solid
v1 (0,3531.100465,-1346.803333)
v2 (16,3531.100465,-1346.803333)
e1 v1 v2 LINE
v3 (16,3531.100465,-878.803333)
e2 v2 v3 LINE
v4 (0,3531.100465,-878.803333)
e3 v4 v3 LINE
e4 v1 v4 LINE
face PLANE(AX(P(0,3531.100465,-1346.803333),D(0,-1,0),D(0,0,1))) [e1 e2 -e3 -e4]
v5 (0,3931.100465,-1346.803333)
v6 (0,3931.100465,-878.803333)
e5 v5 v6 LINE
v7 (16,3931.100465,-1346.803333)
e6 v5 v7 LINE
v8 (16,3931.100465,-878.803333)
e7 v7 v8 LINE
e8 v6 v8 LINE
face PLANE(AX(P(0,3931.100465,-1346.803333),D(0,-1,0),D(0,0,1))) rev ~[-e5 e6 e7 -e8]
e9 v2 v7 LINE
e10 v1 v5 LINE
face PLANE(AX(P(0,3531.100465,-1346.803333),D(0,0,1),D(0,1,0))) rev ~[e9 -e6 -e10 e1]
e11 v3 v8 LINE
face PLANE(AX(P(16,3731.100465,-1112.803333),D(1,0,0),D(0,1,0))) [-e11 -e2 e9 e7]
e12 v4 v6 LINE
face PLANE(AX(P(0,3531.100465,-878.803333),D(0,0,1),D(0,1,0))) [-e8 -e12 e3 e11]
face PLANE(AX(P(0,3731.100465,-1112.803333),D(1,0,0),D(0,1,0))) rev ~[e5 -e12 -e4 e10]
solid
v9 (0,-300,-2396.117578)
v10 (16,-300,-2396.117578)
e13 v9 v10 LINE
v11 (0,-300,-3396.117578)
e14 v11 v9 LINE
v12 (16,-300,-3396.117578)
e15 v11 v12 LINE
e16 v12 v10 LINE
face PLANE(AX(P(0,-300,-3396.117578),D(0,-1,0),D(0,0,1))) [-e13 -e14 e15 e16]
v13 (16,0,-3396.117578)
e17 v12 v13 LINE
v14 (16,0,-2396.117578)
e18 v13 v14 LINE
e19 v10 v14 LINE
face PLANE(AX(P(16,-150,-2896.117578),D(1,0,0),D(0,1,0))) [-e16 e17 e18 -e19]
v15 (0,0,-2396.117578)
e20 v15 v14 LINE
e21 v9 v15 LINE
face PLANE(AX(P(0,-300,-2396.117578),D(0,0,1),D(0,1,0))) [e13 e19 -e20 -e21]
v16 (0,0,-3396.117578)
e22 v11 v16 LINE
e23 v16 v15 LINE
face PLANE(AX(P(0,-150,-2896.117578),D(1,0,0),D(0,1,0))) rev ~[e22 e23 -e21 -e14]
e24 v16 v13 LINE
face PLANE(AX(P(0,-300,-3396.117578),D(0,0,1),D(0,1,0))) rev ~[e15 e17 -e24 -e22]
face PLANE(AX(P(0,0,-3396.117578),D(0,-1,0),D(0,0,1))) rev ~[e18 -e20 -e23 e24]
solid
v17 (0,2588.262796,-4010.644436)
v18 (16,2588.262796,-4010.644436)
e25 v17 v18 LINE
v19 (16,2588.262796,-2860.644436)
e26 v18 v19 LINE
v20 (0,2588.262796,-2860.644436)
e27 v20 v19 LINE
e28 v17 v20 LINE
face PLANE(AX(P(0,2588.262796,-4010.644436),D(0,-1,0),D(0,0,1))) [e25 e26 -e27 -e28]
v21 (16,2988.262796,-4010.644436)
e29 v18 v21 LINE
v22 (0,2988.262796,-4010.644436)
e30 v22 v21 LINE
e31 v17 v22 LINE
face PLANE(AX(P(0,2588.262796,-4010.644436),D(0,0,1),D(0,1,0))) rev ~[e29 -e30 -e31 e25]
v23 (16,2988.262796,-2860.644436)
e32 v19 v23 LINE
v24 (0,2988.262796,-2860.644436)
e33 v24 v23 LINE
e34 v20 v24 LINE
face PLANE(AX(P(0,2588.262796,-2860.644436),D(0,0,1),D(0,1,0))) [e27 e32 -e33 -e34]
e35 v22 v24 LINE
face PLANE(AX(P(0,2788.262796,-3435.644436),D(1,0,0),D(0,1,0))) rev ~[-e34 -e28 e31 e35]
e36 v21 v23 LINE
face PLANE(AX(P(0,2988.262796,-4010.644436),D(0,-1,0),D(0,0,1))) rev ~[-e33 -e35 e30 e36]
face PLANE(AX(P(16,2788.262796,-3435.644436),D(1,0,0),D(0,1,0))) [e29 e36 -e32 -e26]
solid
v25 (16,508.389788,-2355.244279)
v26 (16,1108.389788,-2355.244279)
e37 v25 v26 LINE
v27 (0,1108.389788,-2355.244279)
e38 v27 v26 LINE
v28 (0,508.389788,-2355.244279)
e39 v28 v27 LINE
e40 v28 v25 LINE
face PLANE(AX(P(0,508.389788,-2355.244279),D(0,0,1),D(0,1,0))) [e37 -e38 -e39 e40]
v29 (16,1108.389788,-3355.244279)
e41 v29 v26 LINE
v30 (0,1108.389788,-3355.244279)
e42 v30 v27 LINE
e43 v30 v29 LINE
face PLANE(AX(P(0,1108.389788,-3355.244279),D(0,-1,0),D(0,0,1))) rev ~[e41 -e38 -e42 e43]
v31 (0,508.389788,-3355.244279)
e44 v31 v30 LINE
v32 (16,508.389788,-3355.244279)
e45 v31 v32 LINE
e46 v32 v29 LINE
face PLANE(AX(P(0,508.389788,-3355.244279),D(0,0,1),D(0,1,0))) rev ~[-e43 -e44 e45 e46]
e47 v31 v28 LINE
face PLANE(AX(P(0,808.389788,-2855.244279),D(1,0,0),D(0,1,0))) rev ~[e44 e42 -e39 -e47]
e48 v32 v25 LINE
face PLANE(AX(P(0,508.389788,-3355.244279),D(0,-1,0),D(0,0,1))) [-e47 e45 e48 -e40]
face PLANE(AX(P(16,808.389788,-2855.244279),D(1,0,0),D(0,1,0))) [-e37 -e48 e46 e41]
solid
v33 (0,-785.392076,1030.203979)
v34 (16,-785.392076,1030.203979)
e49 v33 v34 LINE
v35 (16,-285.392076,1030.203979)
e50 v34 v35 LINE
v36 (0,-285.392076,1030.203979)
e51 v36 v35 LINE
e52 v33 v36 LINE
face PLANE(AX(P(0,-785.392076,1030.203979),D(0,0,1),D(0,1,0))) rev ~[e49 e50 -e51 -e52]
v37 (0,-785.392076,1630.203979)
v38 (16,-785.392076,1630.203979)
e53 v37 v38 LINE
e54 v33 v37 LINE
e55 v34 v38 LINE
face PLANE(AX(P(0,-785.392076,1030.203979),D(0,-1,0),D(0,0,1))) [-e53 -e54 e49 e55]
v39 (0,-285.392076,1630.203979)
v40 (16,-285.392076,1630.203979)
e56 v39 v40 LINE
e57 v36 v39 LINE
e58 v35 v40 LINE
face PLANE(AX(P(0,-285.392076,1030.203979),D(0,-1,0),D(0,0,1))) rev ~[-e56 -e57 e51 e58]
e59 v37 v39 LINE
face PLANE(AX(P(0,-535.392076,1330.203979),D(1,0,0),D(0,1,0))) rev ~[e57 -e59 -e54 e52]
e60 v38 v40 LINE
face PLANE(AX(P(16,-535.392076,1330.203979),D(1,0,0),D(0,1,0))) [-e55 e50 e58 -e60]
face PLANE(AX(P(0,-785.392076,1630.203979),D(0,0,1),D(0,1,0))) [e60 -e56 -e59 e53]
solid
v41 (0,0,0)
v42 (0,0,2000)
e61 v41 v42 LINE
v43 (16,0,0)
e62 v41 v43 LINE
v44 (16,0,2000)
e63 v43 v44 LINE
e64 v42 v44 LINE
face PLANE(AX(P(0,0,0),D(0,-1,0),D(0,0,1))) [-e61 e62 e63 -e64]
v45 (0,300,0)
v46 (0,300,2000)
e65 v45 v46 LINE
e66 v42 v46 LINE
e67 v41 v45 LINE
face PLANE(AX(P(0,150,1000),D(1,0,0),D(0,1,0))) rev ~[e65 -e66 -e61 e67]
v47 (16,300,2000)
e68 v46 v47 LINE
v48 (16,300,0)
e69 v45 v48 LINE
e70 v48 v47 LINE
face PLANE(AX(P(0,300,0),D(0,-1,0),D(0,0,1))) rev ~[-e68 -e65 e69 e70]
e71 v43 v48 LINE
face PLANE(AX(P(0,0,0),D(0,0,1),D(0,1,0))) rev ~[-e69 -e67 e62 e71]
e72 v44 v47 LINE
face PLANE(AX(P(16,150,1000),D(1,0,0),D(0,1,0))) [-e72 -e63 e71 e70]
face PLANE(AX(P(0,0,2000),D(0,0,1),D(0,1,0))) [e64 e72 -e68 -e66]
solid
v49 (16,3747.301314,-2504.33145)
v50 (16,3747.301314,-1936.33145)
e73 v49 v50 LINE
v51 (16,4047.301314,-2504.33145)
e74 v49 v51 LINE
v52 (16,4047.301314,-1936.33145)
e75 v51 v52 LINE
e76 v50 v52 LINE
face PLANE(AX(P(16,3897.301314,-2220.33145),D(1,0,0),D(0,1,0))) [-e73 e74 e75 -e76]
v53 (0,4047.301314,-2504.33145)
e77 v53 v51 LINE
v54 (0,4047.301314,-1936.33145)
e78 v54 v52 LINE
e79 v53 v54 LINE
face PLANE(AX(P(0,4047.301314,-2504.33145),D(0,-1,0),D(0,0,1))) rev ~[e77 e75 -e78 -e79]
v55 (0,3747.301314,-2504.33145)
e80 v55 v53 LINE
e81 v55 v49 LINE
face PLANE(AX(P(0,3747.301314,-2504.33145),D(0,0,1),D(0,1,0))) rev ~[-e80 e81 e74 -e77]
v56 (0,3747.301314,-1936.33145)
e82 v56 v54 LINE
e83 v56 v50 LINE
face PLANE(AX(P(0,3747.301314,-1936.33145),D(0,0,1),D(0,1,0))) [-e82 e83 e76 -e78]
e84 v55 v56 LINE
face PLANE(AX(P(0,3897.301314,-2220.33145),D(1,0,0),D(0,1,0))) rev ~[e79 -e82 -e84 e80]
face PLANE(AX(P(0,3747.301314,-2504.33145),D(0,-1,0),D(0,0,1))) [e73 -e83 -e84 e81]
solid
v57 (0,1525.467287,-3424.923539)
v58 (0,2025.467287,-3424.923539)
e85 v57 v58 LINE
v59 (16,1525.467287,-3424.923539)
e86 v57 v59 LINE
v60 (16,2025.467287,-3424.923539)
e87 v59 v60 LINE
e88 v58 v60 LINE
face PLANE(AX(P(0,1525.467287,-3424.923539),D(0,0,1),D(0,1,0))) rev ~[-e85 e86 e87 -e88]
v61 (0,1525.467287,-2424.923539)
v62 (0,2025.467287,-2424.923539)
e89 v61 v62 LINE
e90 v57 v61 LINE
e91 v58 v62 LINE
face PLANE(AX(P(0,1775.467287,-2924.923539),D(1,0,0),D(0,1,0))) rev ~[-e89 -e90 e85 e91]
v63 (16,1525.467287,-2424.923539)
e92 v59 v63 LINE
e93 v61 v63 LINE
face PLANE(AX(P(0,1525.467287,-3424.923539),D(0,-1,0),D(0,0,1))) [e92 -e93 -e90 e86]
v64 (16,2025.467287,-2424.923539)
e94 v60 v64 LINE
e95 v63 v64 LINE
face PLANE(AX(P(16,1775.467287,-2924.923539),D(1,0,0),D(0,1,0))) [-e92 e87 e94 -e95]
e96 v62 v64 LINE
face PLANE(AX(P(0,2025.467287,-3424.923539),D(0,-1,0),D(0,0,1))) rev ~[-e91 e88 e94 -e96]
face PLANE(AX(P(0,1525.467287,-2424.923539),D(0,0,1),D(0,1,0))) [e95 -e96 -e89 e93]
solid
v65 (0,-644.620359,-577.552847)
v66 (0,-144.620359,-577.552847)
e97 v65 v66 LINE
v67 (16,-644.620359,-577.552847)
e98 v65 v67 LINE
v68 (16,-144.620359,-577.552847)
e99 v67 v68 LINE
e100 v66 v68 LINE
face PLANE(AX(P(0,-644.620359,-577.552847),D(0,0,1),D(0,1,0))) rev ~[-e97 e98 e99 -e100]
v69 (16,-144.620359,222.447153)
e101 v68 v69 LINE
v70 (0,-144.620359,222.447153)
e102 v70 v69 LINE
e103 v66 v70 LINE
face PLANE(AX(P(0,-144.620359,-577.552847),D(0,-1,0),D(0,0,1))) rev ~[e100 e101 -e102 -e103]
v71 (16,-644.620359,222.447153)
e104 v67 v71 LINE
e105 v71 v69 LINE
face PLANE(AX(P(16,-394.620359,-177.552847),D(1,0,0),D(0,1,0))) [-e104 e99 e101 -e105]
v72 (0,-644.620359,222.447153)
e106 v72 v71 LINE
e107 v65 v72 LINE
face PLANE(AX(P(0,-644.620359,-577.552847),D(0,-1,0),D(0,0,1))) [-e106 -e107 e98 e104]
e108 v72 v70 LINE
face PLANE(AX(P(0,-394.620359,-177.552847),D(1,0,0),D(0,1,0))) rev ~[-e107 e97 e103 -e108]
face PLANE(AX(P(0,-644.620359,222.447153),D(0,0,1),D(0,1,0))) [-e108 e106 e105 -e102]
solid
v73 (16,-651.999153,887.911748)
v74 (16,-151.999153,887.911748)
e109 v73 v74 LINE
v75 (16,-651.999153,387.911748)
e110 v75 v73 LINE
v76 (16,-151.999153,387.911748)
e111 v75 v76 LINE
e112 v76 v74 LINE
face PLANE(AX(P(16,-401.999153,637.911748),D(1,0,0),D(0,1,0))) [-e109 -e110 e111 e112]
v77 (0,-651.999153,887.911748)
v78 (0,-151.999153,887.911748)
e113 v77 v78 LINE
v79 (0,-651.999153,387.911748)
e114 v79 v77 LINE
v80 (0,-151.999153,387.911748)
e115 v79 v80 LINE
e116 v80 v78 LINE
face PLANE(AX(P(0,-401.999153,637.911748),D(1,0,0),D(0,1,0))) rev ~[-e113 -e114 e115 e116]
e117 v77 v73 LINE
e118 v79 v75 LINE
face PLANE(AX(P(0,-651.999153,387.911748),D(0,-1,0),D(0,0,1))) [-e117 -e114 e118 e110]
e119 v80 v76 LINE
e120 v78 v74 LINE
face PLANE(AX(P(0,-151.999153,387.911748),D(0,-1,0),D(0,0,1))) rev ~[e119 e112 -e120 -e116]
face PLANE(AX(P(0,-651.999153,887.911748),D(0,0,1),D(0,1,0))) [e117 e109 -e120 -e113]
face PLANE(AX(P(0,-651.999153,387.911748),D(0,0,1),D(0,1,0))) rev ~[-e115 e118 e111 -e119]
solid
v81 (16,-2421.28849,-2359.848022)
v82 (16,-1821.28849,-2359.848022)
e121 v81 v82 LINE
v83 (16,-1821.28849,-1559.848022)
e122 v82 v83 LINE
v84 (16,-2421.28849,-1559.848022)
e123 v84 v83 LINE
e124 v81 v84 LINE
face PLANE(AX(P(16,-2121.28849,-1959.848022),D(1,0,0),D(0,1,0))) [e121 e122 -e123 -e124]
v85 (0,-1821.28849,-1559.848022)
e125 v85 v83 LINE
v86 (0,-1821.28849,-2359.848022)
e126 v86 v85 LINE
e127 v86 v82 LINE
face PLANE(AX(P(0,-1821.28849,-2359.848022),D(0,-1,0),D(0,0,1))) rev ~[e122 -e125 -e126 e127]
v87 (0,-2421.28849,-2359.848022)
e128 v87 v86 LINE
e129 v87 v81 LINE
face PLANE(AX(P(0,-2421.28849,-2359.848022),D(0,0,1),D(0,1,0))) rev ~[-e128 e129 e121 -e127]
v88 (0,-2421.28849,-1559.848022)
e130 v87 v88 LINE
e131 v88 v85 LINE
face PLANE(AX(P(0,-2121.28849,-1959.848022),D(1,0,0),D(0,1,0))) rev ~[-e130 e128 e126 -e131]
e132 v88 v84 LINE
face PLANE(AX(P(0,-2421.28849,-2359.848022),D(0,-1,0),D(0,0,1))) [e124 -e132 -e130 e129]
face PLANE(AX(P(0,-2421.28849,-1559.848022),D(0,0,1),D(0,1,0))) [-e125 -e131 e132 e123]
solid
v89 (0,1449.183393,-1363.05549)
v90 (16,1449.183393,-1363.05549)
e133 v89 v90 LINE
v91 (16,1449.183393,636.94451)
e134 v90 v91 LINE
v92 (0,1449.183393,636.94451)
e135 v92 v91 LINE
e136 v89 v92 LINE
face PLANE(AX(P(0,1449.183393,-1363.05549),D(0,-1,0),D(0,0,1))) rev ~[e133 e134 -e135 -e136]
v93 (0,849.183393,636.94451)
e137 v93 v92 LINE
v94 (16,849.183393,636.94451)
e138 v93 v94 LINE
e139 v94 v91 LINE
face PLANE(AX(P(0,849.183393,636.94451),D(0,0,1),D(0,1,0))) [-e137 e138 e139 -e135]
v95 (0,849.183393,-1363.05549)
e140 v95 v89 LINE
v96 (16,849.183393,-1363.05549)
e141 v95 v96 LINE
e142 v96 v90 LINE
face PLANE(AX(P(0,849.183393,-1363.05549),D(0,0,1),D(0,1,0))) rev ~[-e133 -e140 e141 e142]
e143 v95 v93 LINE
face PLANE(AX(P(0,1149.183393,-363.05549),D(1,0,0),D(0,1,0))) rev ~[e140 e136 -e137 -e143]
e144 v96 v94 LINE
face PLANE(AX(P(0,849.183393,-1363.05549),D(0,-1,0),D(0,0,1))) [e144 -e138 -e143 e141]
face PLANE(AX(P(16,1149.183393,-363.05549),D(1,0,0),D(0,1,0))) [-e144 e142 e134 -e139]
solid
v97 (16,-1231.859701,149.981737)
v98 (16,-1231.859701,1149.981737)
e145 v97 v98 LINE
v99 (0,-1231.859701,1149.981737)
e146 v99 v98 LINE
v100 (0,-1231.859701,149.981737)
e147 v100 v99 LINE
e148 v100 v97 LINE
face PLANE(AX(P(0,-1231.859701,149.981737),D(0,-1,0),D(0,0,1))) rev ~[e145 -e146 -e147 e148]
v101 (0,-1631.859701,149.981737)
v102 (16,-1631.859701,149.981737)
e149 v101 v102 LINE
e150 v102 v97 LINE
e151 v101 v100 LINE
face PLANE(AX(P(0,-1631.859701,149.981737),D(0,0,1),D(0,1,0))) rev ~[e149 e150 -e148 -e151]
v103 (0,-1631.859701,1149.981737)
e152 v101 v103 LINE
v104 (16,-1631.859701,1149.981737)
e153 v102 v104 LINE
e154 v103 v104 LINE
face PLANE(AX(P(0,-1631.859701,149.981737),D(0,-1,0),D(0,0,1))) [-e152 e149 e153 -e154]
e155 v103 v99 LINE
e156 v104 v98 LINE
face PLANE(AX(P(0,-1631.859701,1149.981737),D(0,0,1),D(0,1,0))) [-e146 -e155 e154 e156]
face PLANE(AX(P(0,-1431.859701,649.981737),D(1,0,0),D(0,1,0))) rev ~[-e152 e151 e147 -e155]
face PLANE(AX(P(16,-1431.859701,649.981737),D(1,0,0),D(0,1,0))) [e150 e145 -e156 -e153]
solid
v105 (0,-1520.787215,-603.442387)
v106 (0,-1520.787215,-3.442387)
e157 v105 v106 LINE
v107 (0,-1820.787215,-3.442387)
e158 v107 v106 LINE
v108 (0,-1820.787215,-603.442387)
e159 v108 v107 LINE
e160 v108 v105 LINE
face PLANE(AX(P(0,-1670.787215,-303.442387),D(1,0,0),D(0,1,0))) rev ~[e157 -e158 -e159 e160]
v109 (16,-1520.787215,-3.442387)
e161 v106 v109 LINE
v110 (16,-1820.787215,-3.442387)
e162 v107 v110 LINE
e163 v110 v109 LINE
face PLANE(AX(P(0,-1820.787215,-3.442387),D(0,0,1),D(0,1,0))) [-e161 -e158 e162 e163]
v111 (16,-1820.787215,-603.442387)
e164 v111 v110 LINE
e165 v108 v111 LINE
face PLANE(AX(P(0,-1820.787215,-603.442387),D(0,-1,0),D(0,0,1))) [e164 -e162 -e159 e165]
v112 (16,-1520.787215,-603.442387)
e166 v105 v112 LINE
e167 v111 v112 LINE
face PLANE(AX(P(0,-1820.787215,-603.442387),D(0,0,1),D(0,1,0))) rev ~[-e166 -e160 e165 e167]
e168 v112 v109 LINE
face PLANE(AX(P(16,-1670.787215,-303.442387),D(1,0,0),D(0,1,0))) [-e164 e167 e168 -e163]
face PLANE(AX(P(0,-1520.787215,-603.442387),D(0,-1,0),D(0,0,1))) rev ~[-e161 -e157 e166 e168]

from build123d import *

# Parameters (mm, degrees)
F0_W      = 300
F0_H      = 2000
F1_DEPTH  = 16
F2_W      = 600
F2_H      = 2000
F3_DEPTH  = 16
F4_W      = 500
F4_H      = 800
F5_DEPTH  = 16
F6_W      = 500
F6_H      = 500
F7_DEPTH  = 16
F8_W      = 500
F8_H      = 600
F9_DEPTH  = 16
F10_W     = 300
F10_H     = 600
F11_DEPTH = 16
F12_W     = 400
F12_H     = 1000
F13_DEPTH = 16
F14_W     = 300
F14_H     = 1000
F15_DEPTH = 16
F16_W     = 500
F16_H     = 1000
F17_DEPTH = 16
F18_W     = 600
F18_H     = 1000
F19_DEPTH = 16
F20_W     = 600
F20_H     = 800
F21_DEPTH = 16
F22_W     = 400
F22_H     = 468
F23_DEPTH = 16
F24_W     = 300
F24_H     = 568
F25_DEPTH = 16
F26_W     = 400
F26_H     = 1150
F27_DEPTH = 16


with BuildPart() as f1:
    # F0 (on Right) → F1 (new body)
    with BuildSketch(Plane.YZ):
        with Locations((150, 1000)):
            Rectangle(F0_W, F0_H)
    extrude(amount=F1_DEPTH)


with BuildPart() as f3:
    # F2 (on Right) → F3 (new body)
    with BuildSketch(Plane.YZ):
        with Locations((1149.183393, -363.05549)):
            Rectangle(F2_W, F2_H)
    extrude(amount=F3_DEPTH)


with BuildPart() as f5:
    # F4 (on Right) → F5 (new body)
    with BuildSketch(Plane.YZ):
        with Locations((-394.620359, -177.552847)):
            Rectangle(F4_W, F4_H)
    extrude(amount=F5_DEPTH)


with BuildPart() as f7:
    # F6 (on Right) → F7 (new body)
    with BuildSketch(Plane.YZ):
        with Locations((-401.999153, 637.911748)):
            Rectangle(F6_W, F6_H)
    extrude(amount=F7_DEPTH)


with BuildPart() as f9:
    # F8 (on Right) → F9 (new body)
    with BuildSketch(Plane.YZ):
        with Locations((-535.392076, 1330.203979)):
            Rectangle(F8_W, F8_H)
    extrude(amount=F9_DEPTH)


with BuildPart() as f11:
    # F10 (on Right) → F11 (new body)
    with BuildSketch(Plane.YZ):
        with Locations((-1670.787215, -303.442387)):
            Rectangle(F10_W, F10_H)
    extrude(amount=F11_DEPTH)


with BuildPart() as f13:
    # F12 (on Right) → F13 (new body)
    with BuildSketch(Plane.YZ):
        with Locations((-1431.859701, 649.981737)):
            Rectangle(F12_W, F12_H)
    extrude(amount=F13_DEPTH)


with BuildPart() as f15:
    # F14 (on Right) → F15 (new body)
    with BuildSketch(Plane.YZ):
        with Locations((-150, -2896.117578)):
            Rectangle(F14_W, F14_H)
    extrude(amount=F15_DEPTH)


with BuildPart() as f17:
    # F16 (on Right) → F17 (new body)
    with BuildSketch(Plane.YZ):
        with Locations((1775.467287, -2924.923539)):
            Rectangle(F16_W, F16_H)
    extrude(amount=F17_DEPTH)


with BuildPart() as f19:
    # F18 (on Right) → F19 (new body)
    with BuildSketch(Plane.YZ):
        with Locations((808.389788, -2855.244279)):
            Rectangle(F18_W, F18_H)
    extrude(amount=F19_DEPTH)


with BuildPart() as f21:
    # F20 (on Right) → F21 (new body)
    with BuildSketch(Plane.YZ):
        with Locations((-2121.28849, -1959.848022)):
            Rectangle(F20_W, F20_H)
    extrude(amount=F21_DEPTH)


with BuildPart() as f23:
    # F22 (on Right) → F23 (new body)
    with BuildSketch(Plane.YZ):
        with Locations((3731.100465, -1112.803333)):
            Rectangle(F22_W, F22_H)
    extrude(amount=F23_DEPTH)


with BuildPart() as f25:
    # F24 (on Right) → F25 (new body)
    with BuildSketch(Plane.YZ):
        with Locations((3897.301314, -2220.33145)):
            Rectangle(F24_W, F24_H)
    extrude(amount=F25_DEPTH)


with BuildPart() as f27:
    # F26 (on Right) → F27 (new body)
    with BuildSketch(Plane.YZ):
        with Locations((2788.262796, -3435.644436)):
            Rectangle(F26_W, F26_H)
    extrude(amount=F27_DEPTH)


solid = Compound([f1.part, f3.part, f5.part, f7.part, f9.part, f11.part, f13.part, f15.part, f17.part, f19.part, f21.part, f23.part, f25.part, f27.part])
